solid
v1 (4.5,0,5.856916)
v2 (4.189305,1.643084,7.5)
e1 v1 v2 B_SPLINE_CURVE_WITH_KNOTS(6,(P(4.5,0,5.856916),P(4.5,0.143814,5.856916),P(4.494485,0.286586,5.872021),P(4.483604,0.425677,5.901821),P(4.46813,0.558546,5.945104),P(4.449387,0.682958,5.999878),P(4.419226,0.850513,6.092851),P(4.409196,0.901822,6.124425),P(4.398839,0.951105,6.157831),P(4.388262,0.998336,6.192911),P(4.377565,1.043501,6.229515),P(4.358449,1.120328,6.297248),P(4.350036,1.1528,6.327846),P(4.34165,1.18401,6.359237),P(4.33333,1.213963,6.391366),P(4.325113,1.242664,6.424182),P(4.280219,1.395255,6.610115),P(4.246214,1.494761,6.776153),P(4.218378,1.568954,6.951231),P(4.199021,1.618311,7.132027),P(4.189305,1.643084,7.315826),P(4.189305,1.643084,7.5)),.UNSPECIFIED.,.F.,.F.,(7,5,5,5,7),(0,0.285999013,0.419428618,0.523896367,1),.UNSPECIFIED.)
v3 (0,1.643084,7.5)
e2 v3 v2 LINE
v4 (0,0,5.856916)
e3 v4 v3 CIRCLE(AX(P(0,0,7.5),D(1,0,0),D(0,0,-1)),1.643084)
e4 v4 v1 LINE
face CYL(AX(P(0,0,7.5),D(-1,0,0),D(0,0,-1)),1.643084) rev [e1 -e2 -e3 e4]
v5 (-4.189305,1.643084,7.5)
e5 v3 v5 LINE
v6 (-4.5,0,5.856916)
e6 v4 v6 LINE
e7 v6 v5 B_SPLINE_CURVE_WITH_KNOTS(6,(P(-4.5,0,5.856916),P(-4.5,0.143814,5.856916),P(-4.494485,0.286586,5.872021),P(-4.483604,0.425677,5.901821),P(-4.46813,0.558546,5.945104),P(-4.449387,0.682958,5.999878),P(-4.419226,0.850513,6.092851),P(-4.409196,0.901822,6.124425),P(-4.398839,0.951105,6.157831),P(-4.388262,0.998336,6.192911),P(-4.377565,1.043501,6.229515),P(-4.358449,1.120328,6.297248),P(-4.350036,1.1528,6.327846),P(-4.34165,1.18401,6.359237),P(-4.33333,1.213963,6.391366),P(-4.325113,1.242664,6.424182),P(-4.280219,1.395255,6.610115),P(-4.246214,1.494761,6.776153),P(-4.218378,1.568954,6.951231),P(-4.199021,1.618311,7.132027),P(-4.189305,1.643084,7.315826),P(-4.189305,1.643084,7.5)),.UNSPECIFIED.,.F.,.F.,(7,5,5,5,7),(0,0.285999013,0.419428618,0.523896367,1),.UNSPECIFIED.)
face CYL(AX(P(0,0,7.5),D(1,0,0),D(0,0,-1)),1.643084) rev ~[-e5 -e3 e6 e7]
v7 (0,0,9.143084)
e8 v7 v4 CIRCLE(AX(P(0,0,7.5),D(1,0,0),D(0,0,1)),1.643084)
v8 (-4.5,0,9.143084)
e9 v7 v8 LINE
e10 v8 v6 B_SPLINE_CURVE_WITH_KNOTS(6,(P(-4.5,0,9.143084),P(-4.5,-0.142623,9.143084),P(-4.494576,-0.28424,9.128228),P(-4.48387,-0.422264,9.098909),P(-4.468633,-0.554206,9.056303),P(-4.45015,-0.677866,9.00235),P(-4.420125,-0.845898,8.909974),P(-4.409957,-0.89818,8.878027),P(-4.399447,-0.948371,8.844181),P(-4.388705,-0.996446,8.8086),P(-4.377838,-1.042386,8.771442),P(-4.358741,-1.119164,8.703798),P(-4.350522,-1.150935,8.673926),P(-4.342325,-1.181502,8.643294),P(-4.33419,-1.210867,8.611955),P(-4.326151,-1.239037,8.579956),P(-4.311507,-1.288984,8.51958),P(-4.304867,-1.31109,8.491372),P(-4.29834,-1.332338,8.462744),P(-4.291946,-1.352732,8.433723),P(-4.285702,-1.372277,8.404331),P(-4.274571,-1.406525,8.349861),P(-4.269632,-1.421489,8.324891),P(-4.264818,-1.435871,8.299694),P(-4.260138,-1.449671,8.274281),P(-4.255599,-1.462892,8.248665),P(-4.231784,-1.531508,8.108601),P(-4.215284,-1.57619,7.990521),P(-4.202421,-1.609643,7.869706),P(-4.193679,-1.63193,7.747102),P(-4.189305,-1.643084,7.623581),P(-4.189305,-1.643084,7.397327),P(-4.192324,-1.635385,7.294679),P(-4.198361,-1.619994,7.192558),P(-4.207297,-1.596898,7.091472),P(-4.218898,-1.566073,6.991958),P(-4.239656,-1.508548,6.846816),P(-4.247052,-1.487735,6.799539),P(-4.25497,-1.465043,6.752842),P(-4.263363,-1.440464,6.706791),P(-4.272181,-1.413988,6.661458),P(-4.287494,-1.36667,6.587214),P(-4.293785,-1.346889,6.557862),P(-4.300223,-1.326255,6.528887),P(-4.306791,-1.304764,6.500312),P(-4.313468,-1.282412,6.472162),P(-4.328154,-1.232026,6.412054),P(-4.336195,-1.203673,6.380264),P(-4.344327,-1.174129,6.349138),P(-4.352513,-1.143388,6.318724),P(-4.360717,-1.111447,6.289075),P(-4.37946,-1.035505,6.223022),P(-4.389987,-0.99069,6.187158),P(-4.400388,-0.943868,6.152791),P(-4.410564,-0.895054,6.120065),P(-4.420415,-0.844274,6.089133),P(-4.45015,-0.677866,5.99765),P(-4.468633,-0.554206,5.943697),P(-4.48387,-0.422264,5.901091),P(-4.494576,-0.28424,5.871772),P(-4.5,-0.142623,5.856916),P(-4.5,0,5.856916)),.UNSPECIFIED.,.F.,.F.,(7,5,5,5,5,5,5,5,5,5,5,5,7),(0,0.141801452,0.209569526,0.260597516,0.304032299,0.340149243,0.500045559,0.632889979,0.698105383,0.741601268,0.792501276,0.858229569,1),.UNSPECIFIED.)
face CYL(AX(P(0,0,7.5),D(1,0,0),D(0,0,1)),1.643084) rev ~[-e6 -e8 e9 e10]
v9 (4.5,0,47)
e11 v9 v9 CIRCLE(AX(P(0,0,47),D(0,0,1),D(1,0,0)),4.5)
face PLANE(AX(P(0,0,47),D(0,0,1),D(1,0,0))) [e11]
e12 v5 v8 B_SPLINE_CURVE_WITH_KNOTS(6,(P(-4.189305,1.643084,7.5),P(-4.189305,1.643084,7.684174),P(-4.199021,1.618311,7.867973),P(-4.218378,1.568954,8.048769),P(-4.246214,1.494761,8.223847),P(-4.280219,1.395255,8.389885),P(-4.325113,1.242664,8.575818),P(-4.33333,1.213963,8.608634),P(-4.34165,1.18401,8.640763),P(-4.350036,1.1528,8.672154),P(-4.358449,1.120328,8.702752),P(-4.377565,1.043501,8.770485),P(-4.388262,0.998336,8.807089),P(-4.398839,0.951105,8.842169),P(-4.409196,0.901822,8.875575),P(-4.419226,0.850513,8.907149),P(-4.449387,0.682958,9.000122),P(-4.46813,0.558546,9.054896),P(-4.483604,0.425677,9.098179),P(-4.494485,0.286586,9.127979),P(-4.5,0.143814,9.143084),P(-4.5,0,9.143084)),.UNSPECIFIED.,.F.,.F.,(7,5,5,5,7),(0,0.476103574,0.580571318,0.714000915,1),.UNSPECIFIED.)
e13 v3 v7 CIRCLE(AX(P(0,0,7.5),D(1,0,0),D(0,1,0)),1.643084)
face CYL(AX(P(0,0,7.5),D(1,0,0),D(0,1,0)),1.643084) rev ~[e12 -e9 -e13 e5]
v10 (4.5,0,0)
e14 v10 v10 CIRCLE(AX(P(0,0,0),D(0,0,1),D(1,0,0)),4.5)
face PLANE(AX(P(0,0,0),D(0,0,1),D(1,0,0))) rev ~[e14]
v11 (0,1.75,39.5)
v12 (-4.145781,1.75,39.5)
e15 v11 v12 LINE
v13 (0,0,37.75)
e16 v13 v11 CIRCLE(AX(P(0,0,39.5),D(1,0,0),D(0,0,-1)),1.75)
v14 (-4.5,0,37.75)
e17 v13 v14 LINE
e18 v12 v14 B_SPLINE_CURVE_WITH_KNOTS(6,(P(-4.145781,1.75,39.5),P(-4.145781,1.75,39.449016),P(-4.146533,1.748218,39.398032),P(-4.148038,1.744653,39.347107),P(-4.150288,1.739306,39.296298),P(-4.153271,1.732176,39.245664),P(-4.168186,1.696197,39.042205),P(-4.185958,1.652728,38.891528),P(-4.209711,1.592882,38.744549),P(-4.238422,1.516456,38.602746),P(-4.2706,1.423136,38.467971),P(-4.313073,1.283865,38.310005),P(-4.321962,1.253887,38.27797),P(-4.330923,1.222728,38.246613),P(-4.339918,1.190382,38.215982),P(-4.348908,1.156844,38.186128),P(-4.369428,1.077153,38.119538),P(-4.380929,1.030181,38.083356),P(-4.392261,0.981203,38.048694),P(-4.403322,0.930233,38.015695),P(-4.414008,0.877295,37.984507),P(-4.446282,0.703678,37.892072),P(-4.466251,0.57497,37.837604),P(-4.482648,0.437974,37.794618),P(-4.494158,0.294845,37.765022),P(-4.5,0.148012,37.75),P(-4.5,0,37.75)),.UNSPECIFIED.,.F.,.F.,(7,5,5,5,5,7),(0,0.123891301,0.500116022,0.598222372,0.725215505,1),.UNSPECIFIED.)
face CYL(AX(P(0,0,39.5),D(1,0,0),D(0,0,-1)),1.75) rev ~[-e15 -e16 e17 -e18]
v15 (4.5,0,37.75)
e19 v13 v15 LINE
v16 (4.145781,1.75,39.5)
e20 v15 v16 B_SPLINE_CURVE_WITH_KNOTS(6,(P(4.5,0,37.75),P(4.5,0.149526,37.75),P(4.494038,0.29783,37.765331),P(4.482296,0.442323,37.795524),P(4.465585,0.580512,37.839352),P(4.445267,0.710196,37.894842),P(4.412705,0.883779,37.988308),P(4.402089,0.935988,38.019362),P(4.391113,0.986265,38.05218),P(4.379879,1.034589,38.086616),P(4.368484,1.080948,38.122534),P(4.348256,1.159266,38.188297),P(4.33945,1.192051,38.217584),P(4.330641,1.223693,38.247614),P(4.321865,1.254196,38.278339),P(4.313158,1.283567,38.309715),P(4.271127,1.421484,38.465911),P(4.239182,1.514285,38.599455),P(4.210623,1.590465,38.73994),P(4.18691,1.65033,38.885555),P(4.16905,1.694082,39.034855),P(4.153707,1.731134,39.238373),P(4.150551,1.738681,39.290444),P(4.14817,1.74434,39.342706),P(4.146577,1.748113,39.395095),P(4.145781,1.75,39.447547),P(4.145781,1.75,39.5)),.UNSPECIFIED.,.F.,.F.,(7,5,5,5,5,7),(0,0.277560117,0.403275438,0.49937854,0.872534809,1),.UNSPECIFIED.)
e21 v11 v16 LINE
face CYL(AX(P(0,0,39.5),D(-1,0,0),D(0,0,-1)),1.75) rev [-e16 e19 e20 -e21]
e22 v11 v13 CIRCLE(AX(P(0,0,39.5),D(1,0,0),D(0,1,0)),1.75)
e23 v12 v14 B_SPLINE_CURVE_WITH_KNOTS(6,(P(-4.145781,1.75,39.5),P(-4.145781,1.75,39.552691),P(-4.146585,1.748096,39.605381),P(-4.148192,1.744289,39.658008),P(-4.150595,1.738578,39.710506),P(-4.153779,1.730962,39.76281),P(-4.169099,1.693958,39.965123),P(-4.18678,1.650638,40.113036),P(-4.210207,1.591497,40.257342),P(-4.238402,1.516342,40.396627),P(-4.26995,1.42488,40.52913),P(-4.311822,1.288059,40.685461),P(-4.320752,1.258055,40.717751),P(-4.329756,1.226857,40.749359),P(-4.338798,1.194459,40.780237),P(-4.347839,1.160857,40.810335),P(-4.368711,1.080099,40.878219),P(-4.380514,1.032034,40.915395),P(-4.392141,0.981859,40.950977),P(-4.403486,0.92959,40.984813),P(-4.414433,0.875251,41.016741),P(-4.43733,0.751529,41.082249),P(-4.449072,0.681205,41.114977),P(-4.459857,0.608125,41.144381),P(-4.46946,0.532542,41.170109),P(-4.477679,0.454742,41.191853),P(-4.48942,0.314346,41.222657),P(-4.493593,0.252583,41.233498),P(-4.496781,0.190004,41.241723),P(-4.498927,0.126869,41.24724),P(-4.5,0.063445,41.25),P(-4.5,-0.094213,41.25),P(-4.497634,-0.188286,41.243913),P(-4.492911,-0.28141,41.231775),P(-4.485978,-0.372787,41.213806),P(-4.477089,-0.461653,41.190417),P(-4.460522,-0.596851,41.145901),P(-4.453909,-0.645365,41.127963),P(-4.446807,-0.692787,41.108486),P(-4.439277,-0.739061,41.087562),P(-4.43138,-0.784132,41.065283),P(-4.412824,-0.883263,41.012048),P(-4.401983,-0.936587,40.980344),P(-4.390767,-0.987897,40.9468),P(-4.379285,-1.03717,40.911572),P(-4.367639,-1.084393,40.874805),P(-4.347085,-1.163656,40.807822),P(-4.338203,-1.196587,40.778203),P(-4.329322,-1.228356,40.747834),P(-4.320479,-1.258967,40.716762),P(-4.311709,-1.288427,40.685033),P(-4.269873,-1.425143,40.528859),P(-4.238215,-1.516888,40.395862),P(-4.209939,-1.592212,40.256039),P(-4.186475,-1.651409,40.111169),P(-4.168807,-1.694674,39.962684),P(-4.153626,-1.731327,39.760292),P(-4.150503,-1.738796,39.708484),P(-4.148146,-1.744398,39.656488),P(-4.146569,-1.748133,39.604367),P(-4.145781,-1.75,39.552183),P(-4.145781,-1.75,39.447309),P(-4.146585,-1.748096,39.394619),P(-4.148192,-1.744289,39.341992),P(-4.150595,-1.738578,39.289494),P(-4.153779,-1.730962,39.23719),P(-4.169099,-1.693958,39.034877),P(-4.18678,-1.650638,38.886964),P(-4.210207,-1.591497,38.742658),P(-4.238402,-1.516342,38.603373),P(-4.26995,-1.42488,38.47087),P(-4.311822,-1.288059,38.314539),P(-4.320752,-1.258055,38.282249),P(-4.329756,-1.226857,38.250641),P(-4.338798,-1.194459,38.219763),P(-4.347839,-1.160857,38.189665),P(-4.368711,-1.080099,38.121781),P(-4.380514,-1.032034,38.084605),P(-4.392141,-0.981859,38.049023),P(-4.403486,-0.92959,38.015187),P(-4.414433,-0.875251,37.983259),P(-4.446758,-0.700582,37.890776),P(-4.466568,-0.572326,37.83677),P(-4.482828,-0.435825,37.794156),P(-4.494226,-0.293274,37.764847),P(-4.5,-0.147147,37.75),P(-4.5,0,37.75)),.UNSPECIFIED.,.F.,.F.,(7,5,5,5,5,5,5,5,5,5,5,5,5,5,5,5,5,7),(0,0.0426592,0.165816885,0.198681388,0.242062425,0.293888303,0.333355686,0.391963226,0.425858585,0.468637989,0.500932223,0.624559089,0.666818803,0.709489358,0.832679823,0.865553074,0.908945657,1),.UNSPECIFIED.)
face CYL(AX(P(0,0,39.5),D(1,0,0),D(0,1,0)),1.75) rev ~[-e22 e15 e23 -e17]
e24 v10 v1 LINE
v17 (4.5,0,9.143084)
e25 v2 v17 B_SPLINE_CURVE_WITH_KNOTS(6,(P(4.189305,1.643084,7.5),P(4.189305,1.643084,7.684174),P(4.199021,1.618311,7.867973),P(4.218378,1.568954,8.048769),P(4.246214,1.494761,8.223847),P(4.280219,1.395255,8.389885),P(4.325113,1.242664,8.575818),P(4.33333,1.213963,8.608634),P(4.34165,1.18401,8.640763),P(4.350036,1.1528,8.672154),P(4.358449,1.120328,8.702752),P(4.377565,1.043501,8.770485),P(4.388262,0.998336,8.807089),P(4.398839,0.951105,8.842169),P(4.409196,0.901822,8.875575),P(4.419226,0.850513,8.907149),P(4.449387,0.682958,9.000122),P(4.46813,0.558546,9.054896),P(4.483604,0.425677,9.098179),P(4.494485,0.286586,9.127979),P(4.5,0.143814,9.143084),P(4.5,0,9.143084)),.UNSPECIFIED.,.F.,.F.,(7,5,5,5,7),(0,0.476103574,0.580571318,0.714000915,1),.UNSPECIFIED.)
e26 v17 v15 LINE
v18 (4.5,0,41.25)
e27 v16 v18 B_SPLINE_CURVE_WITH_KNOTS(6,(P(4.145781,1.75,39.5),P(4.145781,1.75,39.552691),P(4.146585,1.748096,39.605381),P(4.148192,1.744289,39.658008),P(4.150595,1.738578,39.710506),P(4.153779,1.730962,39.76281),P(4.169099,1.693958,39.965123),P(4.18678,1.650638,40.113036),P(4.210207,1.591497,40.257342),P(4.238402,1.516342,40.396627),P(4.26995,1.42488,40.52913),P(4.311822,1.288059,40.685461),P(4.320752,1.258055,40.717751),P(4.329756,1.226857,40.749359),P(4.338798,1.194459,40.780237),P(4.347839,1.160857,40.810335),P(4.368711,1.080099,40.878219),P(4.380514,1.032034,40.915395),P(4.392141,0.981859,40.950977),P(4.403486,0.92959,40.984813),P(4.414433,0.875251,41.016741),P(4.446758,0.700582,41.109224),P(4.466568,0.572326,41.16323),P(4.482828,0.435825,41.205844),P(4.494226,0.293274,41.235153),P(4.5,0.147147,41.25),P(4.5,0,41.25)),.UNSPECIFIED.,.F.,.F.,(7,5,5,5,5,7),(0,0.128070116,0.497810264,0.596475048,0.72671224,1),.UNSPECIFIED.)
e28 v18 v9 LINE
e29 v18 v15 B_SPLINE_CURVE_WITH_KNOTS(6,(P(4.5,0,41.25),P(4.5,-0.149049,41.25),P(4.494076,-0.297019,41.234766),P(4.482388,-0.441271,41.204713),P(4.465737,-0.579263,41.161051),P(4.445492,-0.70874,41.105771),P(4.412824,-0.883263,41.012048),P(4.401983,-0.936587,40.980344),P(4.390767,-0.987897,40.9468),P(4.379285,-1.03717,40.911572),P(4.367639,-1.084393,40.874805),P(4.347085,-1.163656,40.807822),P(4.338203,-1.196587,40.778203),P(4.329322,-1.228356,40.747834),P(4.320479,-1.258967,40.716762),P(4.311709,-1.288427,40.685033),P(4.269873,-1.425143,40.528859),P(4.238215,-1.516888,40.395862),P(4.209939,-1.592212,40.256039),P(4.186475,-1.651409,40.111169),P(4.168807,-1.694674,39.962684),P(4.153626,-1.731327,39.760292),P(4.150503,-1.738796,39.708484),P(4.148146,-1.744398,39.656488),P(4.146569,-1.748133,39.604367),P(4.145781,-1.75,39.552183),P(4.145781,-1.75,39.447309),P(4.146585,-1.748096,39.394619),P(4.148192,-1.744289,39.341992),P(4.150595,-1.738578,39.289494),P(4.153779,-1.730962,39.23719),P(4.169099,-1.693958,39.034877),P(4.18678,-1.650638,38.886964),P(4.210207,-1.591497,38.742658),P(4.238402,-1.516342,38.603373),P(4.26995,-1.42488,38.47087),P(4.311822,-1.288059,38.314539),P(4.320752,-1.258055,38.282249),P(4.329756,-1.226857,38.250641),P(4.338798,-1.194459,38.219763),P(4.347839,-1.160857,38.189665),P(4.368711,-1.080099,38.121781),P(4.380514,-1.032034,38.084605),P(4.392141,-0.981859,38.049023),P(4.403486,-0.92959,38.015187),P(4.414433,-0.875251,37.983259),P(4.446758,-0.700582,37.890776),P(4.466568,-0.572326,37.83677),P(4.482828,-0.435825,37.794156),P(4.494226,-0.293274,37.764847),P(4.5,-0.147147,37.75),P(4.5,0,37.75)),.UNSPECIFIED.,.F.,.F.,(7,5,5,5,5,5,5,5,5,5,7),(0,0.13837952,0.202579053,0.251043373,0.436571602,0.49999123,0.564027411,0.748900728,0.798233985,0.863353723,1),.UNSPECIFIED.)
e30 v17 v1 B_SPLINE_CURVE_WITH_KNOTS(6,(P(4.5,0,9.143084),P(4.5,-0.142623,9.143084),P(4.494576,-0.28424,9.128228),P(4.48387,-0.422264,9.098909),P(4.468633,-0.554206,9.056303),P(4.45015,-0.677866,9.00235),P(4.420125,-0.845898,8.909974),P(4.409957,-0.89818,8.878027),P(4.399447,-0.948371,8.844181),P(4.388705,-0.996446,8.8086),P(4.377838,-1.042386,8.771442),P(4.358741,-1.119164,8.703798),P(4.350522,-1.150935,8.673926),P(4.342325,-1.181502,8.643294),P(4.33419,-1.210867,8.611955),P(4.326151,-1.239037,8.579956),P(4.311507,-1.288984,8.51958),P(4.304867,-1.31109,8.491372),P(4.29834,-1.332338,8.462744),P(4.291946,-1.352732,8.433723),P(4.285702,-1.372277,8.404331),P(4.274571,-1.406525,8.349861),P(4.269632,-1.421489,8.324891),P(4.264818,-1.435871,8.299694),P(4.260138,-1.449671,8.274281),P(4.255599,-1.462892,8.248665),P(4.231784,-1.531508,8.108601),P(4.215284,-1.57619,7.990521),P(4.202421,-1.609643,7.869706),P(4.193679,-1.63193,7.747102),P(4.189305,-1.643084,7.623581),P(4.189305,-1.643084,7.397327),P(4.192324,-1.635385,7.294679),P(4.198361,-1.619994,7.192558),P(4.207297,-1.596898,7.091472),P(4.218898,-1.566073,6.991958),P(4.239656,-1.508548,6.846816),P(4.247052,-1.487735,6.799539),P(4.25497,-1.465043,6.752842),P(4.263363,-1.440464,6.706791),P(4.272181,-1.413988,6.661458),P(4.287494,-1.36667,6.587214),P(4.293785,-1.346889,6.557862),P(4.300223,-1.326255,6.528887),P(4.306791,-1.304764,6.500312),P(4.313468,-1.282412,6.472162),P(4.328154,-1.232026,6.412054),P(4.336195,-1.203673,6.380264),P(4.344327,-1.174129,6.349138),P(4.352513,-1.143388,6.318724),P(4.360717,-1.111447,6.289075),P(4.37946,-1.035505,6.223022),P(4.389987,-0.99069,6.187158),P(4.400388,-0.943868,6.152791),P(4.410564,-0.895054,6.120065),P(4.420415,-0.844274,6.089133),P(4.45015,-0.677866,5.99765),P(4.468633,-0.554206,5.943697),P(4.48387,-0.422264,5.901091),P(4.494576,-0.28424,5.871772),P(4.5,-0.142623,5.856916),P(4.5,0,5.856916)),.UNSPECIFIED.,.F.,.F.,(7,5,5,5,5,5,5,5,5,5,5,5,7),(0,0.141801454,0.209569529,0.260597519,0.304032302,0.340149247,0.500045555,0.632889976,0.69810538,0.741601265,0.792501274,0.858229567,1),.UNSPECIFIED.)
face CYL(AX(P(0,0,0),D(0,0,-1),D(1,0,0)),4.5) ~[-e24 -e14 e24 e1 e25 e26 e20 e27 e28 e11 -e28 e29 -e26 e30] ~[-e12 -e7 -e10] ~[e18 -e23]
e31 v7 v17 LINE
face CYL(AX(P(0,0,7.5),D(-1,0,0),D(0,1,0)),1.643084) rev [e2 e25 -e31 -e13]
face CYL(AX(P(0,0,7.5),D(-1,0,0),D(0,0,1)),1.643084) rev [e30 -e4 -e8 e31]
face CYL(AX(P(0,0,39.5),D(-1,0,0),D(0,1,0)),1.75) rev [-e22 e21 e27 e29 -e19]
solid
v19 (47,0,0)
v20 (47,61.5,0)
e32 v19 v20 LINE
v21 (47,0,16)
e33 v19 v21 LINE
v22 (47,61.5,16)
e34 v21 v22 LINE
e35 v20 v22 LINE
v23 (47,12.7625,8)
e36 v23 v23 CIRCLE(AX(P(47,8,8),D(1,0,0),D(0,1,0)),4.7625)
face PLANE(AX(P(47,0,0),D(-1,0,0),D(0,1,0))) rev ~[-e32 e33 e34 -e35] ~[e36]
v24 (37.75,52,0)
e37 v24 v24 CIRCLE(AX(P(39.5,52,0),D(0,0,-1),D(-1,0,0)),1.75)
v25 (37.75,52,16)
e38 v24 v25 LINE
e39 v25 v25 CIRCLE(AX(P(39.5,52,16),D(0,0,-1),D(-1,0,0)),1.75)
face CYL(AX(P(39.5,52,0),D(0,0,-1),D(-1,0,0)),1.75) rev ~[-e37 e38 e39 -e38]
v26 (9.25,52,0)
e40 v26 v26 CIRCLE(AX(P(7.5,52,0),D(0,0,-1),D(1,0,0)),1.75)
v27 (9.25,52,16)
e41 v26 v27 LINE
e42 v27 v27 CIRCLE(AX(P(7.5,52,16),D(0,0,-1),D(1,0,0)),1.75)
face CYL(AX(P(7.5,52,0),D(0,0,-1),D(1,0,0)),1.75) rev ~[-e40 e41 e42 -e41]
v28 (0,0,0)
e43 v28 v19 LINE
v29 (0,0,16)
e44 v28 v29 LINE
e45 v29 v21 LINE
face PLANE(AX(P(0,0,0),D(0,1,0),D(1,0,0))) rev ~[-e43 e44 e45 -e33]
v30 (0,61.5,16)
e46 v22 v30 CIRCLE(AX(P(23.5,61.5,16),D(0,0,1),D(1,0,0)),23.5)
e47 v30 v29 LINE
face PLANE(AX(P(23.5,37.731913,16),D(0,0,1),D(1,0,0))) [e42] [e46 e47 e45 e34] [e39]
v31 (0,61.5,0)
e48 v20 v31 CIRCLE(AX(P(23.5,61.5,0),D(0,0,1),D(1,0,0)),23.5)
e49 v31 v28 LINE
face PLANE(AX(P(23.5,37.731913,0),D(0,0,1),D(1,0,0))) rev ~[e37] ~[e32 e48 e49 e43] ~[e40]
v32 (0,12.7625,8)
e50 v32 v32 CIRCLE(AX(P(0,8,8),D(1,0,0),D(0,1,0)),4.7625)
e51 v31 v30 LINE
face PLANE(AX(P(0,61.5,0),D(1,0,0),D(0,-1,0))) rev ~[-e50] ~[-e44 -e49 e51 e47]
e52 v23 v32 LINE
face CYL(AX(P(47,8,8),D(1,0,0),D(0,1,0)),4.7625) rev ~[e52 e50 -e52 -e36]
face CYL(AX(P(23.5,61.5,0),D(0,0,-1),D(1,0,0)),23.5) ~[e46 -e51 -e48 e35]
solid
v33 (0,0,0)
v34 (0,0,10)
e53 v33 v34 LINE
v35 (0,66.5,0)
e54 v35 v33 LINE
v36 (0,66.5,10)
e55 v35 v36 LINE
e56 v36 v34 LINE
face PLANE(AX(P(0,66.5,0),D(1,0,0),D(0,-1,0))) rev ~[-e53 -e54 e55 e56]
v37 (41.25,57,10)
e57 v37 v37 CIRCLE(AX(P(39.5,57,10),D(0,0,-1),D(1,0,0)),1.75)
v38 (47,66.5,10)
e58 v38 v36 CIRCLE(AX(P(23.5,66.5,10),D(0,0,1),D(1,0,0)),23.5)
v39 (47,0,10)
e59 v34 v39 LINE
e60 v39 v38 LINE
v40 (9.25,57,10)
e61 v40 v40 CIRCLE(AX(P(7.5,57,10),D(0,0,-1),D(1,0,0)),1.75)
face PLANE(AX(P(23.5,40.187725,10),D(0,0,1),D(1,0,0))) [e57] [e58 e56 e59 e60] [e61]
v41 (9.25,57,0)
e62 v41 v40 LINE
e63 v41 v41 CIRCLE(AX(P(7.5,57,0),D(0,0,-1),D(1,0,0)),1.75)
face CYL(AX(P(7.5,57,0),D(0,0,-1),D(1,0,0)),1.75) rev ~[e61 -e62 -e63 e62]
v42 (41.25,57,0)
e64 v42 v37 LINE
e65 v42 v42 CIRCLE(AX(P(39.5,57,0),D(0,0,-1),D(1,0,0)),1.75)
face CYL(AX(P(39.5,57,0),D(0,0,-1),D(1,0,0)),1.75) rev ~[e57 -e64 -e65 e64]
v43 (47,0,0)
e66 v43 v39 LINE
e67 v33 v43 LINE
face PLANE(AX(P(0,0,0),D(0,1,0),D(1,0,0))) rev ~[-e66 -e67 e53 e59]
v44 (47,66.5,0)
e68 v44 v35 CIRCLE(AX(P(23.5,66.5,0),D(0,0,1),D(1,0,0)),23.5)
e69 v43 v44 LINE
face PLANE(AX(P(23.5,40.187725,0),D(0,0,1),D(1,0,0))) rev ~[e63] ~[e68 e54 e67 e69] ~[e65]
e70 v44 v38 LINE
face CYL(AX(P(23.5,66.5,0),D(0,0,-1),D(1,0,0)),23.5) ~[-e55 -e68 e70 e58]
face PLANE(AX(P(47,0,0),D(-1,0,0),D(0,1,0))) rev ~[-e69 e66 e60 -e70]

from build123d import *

# Parameters (mm, degrees)
F1_DEPTH  = 10
F2_R      = 1.75
F3_DEPTH  = 25
F7_DEPTH  = 16
F8_R      = 1.75
F9_DEPTH  = 25
F10_R     = 4.5
F11_DEPTH = 47
F13_DEPTH = 12.5
F14_R     = 4.7625
F15_DEPTH = 51.5010001


with BuildPart() as f1:
    # F0 (on Top) → F1 (new body)
    with BuildSketch(Plane.XY):
        with BuildLine():
            Line((0, 66.5), (0, 0))
            Line((0, 0), (47, 0))
            Line((47, 0), (47, 66.5))
            ThreePointArc((47, 66.5), (23.5, 90), (0, 66.5))
        make_face()
    extrude(amount=F1_DEPTH)

    # F2 (on face) → F3 (cut)
    with BuildSketch(Plane(origin=(0, 0, 0), x_dir=(1, 0, 0), z_dir=(0, 0, -1))):
        with Locations((39.5, -57)):
            Circle(F2_R)
        with Locations((7.5, -57)):
            Circle(F2_R)
    extrude(amount=-F3_DEPTH, mode=Mode.SUBTRACT)


with BuildPart() as f4_1:
    # F4: copy of F1
    add(f1.part.moved(Location((0, 0, 33))))


with BuildPart() as f7:
    # F6 (on Top) → F7 (new body)
    with BuildSketch(Plane.XY):
        with BuildLine():
            Line((0, 61.5), (0, 0))
            Line((0, 0), (47, 0))
            Line((47, 0), (47, 61.5))
            ThreePointArc((47, 61.5), (23.5, 85), (0, 61.5))
        make_face()
    extrude(amount=F7_DEPTH)

    # F8 (on face) → F9 (cut)
    with BuildSketch(Plane(origin=(0, 0, 0), x_dir=(1, 0, 0), z_dir=(0, 0, -1))):
        with Locations((7.5, -52)):
            Circle(F8_R)
        with BuildLine():
            ThreePointArc((41.25, -52), (39.5, -50.25), (37.75, -52))
            ThreePointArc((37.75, -52), (39.5, -53.75), (41.25, -52))
        make_face()
    extrude(amount=-F9_DEPTH, mode=Mode.SUBTRACT)

    # F14 (on face) → F15 (cut, through all)
    with BuildSketch(Plane.YZ.offset(47)):
        with Locations((8, 8)):
            Circle(F14_R)
    extrude(amount=-F15_DEPTH, mode=Mode.SUBTRACT)


with BuildPart() as f11:
    # F10 (on Top) → F11 (new body)
    with BuildSketch(Plane.XY):
        Circle(F10_R)
    extrude(amount=F11_DEPTH)

    # F12 (on Right) → F13 (cut, symmetric)
    with BuildSketch(Plane.YZ):
        with BuildLine():
            ThreePointArc((0, 9.1430840102), (-1.6430840102, 7.5), (0, 5.8569159898))
            Line((0, 5.8569159898), (0, 9.1430840102))
        make_face()
        with BuildLine():
            ThreePointArc((1.75, 39.5), (-1.2374368671, 40.7374368671), (0, 37.75))
            ThreePointArc((0, 37.75), (1.2374368671, 38.2625631329), (1.75, 39.5))
        make_face()
        with BuildLine():
            Line((0, 9.1430840102), (0, 5.8569159898))
            ThreePointArc((0, 5.8569159898), (1.1618358457, 6.3381641543), (1.6430840102, 7.5))
            ThreePointArc((1.6430840102, 7.5), (1.1618358457, 8.6618358457), (0, 9.1430840102))
        make_face()
    extrude(amount=F13_DEPTH, both=True, mode=Mode.SUBTRACT)


solid = Compound([f1.part, f7.part, f11.part])
